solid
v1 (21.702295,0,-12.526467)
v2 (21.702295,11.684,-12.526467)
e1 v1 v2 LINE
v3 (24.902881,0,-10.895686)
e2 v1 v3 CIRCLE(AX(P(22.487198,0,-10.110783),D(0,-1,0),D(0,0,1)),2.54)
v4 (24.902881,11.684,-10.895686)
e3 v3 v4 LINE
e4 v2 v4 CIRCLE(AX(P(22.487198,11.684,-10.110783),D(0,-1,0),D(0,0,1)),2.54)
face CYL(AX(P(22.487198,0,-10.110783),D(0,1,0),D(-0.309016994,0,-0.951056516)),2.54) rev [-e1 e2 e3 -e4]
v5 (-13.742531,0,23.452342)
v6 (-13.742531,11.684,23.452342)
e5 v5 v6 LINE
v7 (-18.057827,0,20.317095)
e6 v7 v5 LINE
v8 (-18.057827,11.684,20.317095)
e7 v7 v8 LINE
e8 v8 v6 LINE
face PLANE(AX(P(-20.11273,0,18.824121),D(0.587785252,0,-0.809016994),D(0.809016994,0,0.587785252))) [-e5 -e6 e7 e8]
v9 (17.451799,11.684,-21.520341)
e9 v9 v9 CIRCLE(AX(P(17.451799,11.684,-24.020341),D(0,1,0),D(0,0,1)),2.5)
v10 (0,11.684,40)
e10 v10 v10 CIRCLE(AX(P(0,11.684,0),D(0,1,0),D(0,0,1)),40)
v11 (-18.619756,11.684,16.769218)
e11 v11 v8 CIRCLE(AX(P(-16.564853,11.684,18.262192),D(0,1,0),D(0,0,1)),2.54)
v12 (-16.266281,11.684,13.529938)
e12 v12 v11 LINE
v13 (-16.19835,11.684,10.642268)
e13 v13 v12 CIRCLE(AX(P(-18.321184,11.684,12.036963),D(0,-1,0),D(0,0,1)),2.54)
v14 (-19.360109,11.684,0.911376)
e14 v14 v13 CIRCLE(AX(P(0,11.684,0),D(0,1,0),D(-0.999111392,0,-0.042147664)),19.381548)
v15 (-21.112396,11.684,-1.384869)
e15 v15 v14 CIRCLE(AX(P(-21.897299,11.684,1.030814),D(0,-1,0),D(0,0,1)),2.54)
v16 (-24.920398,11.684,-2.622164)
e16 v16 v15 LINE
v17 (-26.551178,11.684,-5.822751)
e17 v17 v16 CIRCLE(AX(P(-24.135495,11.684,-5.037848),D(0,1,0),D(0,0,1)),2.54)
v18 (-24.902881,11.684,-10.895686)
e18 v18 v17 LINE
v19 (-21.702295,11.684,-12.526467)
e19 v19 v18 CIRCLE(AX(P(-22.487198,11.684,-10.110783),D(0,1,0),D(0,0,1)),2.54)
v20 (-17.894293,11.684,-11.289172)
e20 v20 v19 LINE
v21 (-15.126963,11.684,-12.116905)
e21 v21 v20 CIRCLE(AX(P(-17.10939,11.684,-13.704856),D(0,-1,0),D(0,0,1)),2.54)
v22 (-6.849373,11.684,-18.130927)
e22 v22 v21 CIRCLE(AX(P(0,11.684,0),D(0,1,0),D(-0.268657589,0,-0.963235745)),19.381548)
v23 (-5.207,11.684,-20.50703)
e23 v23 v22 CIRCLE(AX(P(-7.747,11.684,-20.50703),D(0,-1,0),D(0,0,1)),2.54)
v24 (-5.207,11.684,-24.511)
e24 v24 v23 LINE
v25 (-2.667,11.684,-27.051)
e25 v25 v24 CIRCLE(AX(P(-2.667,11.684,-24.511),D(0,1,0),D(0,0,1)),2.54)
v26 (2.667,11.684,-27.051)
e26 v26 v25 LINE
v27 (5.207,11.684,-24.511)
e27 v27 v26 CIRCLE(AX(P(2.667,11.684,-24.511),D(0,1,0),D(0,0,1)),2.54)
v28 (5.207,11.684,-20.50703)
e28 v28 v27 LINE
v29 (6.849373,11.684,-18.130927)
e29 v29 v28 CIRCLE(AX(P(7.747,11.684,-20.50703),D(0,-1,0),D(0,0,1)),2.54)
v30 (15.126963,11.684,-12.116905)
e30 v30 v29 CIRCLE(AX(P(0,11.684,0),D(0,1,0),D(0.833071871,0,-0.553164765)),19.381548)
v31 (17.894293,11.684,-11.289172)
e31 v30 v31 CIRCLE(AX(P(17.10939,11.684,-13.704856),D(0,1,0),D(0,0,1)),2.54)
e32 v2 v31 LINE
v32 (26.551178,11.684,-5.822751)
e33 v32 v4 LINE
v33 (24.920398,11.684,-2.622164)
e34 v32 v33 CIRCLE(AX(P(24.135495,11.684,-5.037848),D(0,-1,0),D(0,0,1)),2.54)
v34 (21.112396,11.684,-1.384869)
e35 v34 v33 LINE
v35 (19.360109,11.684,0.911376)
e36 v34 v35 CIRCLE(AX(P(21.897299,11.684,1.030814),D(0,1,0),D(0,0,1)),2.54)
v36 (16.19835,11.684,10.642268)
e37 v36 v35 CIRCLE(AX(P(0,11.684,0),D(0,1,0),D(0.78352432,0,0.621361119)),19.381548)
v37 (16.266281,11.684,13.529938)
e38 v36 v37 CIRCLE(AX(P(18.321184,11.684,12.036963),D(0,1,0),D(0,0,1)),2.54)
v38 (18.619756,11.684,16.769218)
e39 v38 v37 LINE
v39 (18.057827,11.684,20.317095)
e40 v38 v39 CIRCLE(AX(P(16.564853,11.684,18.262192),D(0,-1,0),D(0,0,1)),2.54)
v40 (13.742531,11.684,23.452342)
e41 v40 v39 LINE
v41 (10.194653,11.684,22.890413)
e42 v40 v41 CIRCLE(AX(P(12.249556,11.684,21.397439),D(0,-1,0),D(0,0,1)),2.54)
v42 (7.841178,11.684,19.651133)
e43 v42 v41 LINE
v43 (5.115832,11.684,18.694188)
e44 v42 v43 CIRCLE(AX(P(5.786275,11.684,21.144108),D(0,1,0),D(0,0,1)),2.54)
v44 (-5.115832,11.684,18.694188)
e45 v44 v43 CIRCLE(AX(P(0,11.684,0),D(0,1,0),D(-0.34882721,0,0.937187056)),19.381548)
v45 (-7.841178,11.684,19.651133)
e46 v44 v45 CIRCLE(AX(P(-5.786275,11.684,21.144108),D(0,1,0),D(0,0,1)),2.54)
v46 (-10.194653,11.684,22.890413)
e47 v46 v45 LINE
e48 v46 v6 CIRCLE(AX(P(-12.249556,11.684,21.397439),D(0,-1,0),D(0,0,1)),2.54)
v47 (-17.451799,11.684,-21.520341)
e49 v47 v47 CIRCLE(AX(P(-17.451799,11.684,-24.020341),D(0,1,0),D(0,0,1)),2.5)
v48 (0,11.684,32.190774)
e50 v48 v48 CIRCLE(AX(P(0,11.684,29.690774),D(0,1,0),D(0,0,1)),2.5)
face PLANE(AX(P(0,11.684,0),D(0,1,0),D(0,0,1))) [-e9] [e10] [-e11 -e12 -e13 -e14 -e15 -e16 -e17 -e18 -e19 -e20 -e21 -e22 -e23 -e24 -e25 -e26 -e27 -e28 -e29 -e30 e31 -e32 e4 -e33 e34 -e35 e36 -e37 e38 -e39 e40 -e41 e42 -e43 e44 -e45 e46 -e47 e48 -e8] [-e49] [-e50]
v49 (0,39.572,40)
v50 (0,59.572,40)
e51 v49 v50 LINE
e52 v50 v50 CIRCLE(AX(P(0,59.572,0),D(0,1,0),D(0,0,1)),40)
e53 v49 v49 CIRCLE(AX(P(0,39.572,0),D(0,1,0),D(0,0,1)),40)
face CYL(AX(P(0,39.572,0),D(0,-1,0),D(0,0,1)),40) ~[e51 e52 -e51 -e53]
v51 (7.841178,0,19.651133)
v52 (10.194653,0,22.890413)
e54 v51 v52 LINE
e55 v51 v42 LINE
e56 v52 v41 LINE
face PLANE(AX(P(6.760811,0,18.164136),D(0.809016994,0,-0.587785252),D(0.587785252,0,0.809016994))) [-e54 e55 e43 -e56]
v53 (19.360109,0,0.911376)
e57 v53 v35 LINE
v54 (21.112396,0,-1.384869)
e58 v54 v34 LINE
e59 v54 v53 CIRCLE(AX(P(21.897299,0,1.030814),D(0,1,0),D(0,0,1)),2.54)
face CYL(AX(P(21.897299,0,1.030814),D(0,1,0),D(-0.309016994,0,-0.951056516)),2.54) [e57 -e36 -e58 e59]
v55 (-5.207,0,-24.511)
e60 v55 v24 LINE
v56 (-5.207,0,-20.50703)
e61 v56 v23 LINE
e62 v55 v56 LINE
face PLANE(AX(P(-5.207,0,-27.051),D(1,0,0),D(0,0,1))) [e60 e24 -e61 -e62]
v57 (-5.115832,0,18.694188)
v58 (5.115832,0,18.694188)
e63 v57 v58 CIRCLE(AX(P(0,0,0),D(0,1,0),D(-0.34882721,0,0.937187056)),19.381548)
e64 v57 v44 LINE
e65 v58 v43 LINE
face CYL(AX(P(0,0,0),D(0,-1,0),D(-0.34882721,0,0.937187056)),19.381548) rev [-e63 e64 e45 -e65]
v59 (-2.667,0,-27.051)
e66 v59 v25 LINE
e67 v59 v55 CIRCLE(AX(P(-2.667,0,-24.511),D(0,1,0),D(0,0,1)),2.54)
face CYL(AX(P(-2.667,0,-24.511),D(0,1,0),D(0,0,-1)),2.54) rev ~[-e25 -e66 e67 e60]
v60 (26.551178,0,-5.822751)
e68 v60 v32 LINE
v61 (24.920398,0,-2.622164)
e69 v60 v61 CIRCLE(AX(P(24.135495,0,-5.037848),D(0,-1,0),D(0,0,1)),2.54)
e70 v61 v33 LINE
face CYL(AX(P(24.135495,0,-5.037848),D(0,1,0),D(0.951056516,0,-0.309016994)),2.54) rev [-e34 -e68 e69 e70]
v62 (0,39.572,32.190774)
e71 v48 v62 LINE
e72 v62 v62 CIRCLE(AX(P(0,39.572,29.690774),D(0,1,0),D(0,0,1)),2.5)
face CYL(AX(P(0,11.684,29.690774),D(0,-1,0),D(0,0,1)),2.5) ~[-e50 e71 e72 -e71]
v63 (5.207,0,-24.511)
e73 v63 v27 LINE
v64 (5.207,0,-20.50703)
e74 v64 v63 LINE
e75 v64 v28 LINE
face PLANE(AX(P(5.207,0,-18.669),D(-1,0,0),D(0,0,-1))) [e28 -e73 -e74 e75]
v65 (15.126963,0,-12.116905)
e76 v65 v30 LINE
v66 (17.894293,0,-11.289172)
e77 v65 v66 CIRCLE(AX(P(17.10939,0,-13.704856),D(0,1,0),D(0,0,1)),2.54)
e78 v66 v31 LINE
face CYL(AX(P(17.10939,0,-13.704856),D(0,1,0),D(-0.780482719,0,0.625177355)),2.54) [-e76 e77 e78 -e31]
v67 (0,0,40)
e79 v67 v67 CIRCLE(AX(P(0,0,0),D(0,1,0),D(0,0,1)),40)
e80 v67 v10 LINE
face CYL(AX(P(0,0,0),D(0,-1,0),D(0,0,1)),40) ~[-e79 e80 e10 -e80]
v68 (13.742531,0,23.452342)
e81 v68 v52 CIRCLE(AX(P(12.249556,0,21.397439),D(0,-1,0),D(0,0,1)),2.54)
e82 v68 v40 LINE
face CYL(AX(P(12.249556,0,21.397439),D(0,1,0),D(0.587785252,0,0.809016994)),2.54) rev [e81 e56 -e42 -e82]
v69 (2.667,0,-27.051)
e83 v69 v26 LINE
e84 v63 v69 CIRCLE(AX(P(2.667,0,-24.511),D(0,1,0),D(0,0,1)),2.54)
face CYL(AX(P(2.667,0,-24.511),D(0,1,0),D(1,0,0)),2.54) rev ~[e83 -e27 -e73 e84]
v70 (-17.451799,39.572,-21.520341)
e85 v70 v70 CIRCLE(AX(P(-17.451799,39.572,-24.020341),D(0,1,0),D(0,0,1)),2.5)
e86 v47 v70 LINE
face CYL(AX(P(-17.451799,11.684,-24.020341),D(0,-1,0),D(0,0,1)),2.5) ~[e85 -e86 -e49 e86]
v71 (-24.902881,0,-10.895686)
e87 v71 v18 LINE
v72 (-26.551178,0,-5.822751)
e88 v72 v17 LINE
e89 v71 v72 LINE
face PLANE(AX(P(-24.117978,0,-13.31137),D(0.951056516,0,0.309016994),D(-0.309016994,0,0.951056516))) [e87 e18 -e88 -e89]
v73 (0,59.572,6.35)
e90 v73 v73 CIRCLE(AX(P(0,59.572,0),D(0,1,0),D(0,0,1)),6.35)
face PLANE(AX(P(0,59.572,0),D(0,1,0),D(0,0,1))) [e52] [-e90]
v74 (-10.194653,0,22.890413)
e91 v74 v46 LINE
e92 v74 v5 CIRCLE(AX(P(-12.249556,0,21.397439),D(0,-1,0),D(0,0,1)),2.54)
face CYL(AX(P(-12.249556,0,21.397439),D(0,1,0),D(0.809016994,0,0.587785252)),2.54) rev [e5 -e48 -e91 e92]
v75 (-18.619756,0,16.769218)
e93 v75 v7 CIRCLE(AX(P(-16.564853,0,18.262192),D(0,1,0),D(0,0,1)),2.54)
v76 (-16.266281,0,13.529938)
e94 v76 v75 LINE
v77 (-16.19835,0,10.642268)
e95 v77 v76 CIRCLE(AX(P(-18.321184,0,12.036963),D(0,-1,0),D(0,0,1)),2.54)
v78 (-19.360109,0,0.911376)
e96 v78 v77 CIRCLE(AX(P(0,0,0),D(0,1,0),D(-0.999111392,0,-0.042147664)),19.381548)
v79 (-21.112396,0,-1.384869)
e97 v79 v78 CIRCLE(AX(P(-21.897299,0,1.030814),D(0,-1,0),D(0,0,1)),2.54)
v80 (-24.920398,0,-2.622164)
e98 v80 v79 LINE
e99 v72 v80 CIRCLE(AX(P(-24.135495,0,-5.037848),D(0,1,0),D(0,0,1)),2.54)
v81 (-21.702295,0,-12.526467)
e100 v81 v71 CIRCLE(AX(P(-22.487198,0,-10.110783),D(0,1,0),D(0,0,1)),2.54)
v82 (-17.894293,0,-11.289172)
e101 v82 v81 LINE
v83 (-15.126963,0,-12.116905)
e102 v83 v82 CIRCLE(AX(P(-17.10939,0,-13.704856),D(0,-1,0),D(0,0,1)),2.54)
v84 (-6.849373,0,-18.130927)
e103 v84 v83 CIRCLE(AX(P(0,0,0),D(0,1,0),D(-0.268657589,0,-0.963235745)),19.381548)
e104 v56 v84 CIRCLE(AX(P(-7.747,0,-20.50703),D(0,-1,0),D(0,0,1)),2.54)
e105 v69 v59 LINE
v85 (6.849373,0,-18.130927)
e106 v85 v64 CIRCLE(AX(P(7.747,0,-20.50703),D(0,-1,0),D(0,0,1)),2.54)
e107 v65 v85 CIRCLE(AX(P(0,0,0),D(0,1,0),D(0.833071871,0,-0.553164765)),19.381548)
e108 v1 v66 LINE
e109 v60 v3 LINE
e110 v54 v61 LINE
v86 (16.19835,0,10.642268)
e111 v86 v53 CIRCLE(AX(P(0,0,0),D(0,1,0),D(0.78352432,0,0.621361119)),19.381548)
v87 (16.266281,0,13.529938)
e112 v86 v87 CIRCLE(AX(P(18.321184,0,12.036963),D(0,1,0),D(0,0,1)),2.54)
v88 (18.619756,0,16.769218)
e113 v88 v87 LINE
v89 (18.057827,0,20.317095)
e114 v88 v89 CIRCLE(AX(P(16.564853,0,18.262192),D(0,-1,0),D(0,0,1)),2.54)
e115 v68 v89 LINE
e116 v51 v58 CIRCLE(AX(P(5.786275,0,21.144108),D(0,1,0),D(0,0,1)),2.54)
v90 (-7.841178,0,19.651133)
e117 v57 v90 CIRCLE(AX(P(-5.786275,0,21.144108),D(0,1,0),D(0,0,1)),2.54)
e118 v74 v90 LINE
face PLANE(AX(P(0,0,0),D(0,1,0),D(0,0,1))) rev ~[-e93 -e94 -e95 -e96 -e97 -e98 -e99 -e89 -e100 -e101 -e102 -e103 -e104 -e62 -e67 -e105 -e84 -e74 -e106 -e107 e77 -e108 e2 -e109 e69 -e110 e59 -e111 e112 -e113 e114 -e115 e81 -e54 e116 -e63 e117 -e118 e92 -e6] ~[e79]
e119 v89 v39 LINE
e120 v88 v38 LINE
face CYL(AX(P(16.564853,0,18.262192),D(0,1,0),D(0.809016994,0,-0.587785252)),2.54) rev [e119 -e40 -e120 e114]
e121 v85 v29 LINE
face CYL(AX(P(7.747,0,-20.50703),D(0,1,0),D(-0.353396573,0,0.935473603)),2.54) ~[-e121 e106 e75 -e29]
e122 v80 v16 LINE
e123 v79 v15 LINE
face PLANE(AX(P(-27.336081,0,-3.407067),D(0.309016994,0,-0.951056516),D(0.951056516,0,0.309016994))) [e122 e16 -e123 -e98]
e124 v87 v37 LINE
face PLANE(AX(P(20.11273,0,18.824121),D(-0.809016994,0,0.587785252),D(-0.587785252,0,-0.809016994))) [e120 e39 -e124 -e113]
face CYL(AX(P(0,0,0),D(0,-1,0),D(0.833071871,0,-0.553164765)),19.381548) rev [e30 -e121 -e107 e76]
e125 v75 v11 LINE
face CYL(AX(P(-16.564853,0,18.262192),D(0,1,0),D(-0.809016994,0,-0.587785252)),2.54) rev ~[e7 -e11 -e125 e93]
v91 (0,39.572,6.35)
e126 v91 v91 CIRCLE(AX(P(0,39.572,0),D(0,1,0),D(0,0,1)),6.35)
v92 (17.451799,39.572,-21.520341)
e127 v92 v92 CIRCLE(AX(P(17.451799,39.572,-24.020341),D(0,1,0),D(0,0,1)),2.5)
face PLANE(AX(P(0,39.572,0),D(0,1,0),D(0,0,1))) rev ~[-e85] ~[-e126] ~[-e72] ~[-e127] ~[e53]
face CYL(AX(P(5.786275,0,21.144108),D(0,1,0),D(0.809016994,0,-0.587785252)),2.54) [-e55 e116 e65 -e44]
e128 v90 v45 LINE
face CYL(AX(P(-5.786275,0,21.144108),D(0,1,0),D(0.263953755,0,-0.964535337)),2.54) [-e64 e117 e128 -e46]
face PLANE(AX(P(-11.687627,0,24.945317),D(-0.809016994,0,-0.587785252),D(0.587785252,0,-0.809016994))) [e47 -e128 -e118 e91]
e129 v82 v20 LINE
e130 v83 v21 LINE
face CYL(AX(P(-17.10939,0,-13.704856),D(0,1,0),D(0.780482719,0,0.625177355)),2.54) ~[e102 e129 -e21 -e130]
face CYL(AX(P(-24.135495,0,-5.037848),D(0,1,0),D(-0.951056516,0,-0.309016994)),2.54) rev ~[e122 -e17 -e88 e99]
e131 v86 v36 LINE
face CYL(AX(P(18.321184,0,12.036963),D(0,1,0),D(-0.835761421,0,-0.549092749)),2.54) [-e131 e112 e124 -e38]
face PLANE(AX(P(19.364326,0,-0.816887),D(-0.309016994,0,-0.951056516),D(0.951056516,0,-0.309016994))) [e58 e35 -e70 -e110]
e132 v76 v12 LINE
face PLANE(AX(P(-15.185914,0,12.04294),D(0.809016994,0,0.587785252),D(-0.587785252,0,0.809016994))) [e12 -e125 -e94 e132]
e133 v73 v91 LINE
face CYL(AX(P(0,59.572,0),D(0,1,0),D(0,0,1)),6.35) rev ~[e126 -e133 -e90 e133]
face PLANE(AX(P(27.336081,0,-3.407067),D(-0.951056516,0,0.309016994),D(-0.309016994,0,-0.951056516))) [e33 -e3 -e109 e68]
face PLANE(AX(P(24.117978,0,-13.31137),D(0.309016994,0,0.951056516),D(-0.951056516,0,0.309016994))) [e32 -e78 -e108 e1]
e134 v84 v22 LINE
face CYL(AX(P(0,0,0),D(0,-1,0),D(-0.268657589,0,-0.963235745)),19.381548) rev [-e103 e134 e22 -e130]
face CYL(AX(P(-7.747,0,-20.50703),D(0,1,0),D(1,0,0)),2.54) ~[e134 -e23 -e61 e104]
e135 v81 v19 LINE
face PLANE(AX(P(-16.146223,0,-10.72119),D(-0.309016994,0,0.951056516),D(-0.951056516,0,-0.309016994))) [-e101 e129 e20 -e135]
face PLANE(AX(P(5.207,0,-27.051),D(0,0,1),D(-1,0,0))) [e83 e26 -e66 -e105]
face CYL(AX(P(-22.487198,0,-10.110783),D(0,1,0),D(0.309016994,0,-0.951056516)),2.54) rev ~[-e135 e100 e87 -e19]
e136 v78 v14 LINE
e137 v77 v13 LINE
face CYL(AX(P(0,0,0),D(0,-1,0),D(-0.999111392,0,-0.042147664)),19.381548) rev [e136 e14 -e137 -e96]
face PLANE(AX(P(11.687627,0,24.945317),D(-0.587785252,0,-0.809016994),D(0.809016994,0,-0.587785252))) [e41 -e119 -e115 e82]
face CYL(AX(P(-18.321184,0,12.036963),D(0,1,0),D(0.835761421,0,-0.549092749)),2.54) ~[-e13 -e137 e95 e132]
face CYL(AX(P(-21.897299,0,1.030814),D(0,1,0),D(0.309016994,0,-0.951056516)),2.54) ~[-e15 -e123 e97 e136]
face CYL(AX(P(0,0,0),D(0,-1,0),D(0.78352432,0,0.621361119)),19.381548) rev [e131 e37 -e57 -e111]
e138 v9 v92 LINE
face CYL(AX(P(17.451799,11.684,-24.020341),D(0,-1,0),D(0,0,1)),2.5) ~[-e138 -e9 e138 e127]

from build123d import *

# Parameters (mm, degrees)
SKETCH1_R           = 40
BOSS_EXTRUDE1_DEPTH = 11.684
SKETCH2_R           = 2.5
BOSS_EXTRUDE2_DEPTH = 27.888000104
SKETCH3_R           = 40
BOSS_EXTRUDE3_DEPTH = 20
FILLET1_R           = 2.54
CUT_EXTRUDE1_REACH  = 84.151
SKETCH4_R           = 6.35


with BuildPart() as part:
    # Sketch1 → Boss-Extrude1 (new body)
    with BuildSketch(Plane(origin=(0, 0, 0), x_dir=(1, 0, 0), z_dir=(0, 1, 0))):
        with Locations(Location((0, 0, 0), (0, 0, 270))):
            Circle(SKETCH1_R)
        with BuildLine():
            ThreePointArc((16.146222613, 10.721189548), (11.392188189, 15.680001858), (5.207, 18.669))
            Line((5.207, 18.669), (5.207, 27.051))
            Line((5.207, 27.051), (-5.207, 27.051))
            Line((-5.207, 27.051), (-5.207, 18.669))
            ThreePointArc((-5.207, 18.669), (-11.392188189, 15.680001858), (-16.146222613, 10.721189548))
            Line((-16.146222613, 10.721189548), (-24.117978333, 13.311369995))
            Line((-24.117978333, 13.311369995), (-27.336081312, 3.407067434))
            Line((-27.336081312, 3.407067434), (-19.364325592, 0.816886988))
            ThreePointArc((-19.364325592, 0.816886988), (-18.432947696, -5.989227766), (-15.185914365, -12.042940459))
            Line((-15.185914365, -12.042940459), (-20.112730349, -18.824120906))
            Line((-20.112730349, -18.824120906), (-11.68762737, -24.945316524))
            Line((-11.68762737, -24.945316524), (-6.760811385, -18.164136077))
            ThreePointArc((-6.760811385, -18.164136077), (0, -19.381548184), (6.760811385, -18.164136077))
            Line((6.760811385, -18.164136077), (11.68762737, -24.945316524))
            Line((11.68762737, -24.945316524), (20.112730349, -18.824120906))
            Line((20.112730349, -18.824120906), (15.185914365, -12.042940459))
            ThreePointArc((15.185914365, -12.042940459), (18.432947696, -5.989227766), (19.364325592, 0.816886988))
            Line((19.364325592, 0.816886988), (27.336081312, 3.407067434))
            Line((27.336081312, 3.407067434), (24.117978333, 13.311369995))
            Line((24.117978333, 13.311369995), (16.146222613, 10.721189548))
        make_face(mode=Mode.SUBTRACT)
    extrude(amount=BOSS_EXTRUDE1_DEPTH)

    # Sketch2 → Boss-Extrude2 (add)
    with BuildSketch(Plane(origin=(0, 11.684, 0), x_dir=(1, 0, 0), z_dir=(0, 1, 0))):
        with Locations(Location((-17.45179914, 24.020340816, 0), (0, 0, 270))):
            Circle(SKETCH2_R)
        with Locations(Location((17.45179914, 24.020340816, 0), (0, 0, 270))):
            Circle(SKETCH2_R)
        with Locations(Location((0, -29.690774092, 0), (0, 0, 270))):
            Circle(SKETCH2_R)
    extrude(amount=BOSS_EXTRUDE2_DEPTH)

    # Sketch3 → Boss-Extrude3 (add)
    with BuildSketch(Plane(origin=(0, 39.572000104, 0), x_dir=(1, 0, 0), z_dir=(0, 1, 0))):
        with Locations(Location((0, 0, 0), (0, 0, 270))):
            Circle(SKETCH3_R)
    extrude(amount=BOSS_EXTRUDE3_DEPTH)

    # Fillet1
    fillet1_edges = [part.edges().sort_by_distance(p)[0] for p in [
        (5.207, 5.842, -18.669),
        (5.207, 5.842, -27.051),
        (-5.207, 5.842, -27.051),
        (-5.207, 5.842, -18.669),
        (-16.146222613, 5.842, -10.721189548),
        (-24.117978333, 5.842, -13.311369995),
        (-27.336081312, 5.842, -3.407067434),
        (-19.364325592, 5.842, -0.816886988),
        (-15.185914365, 5.842, 12.042940459),
        (-20.112730349, 5.842, 18.824120906),
        (-11.68762737, 5.842, 24.945316524),
        (-6.760811385, 5.842, 18.164136077),
        (6.760811385, 5.842, 18.164136077),
        (11.68762737, 5.842, 24.945316524),
        (20.112730349, 5.842, 18.824120906),
        (15.185914365, 5.842, 12.042940459),
        (19.364325592, 5.842, -0.816886988),
        (27.336081312, 5.842, -3.407067434),
        (24.117978333, 5.842, -13.311369995),
        (16.146222613, 5.842, -10.721189548),
    ]]
    fillet(fillet1_edges, radius=FILLET1_R)

    # Sketch4 → Cut-Extrude1 (cut, up to next)
    with BuildSketch(Plane(origin=(0, 59.572000104, 0), x_dir=(1, 0, 0), z_dir=(0, 1, 0)), mode=Mode.PRIVATE) as cut_extrude1_sk1:
        with Locations(Location((0, 0, 0), (0, 0, 270))):
            Circle(SKETCH4_R)
    cut_extrude1_tool1 = extrude(cut_extrude1_sk1.sketch, amount=-CUT_EXTRUDE1_REACH, mode=Mode.PRIVATE) & part.part
    add(cut_extrude1_tool1.solids().sort_by_distance((0, 59.572, 0))[0], mode=Mode.SUBTRACT)


solid = part.part
